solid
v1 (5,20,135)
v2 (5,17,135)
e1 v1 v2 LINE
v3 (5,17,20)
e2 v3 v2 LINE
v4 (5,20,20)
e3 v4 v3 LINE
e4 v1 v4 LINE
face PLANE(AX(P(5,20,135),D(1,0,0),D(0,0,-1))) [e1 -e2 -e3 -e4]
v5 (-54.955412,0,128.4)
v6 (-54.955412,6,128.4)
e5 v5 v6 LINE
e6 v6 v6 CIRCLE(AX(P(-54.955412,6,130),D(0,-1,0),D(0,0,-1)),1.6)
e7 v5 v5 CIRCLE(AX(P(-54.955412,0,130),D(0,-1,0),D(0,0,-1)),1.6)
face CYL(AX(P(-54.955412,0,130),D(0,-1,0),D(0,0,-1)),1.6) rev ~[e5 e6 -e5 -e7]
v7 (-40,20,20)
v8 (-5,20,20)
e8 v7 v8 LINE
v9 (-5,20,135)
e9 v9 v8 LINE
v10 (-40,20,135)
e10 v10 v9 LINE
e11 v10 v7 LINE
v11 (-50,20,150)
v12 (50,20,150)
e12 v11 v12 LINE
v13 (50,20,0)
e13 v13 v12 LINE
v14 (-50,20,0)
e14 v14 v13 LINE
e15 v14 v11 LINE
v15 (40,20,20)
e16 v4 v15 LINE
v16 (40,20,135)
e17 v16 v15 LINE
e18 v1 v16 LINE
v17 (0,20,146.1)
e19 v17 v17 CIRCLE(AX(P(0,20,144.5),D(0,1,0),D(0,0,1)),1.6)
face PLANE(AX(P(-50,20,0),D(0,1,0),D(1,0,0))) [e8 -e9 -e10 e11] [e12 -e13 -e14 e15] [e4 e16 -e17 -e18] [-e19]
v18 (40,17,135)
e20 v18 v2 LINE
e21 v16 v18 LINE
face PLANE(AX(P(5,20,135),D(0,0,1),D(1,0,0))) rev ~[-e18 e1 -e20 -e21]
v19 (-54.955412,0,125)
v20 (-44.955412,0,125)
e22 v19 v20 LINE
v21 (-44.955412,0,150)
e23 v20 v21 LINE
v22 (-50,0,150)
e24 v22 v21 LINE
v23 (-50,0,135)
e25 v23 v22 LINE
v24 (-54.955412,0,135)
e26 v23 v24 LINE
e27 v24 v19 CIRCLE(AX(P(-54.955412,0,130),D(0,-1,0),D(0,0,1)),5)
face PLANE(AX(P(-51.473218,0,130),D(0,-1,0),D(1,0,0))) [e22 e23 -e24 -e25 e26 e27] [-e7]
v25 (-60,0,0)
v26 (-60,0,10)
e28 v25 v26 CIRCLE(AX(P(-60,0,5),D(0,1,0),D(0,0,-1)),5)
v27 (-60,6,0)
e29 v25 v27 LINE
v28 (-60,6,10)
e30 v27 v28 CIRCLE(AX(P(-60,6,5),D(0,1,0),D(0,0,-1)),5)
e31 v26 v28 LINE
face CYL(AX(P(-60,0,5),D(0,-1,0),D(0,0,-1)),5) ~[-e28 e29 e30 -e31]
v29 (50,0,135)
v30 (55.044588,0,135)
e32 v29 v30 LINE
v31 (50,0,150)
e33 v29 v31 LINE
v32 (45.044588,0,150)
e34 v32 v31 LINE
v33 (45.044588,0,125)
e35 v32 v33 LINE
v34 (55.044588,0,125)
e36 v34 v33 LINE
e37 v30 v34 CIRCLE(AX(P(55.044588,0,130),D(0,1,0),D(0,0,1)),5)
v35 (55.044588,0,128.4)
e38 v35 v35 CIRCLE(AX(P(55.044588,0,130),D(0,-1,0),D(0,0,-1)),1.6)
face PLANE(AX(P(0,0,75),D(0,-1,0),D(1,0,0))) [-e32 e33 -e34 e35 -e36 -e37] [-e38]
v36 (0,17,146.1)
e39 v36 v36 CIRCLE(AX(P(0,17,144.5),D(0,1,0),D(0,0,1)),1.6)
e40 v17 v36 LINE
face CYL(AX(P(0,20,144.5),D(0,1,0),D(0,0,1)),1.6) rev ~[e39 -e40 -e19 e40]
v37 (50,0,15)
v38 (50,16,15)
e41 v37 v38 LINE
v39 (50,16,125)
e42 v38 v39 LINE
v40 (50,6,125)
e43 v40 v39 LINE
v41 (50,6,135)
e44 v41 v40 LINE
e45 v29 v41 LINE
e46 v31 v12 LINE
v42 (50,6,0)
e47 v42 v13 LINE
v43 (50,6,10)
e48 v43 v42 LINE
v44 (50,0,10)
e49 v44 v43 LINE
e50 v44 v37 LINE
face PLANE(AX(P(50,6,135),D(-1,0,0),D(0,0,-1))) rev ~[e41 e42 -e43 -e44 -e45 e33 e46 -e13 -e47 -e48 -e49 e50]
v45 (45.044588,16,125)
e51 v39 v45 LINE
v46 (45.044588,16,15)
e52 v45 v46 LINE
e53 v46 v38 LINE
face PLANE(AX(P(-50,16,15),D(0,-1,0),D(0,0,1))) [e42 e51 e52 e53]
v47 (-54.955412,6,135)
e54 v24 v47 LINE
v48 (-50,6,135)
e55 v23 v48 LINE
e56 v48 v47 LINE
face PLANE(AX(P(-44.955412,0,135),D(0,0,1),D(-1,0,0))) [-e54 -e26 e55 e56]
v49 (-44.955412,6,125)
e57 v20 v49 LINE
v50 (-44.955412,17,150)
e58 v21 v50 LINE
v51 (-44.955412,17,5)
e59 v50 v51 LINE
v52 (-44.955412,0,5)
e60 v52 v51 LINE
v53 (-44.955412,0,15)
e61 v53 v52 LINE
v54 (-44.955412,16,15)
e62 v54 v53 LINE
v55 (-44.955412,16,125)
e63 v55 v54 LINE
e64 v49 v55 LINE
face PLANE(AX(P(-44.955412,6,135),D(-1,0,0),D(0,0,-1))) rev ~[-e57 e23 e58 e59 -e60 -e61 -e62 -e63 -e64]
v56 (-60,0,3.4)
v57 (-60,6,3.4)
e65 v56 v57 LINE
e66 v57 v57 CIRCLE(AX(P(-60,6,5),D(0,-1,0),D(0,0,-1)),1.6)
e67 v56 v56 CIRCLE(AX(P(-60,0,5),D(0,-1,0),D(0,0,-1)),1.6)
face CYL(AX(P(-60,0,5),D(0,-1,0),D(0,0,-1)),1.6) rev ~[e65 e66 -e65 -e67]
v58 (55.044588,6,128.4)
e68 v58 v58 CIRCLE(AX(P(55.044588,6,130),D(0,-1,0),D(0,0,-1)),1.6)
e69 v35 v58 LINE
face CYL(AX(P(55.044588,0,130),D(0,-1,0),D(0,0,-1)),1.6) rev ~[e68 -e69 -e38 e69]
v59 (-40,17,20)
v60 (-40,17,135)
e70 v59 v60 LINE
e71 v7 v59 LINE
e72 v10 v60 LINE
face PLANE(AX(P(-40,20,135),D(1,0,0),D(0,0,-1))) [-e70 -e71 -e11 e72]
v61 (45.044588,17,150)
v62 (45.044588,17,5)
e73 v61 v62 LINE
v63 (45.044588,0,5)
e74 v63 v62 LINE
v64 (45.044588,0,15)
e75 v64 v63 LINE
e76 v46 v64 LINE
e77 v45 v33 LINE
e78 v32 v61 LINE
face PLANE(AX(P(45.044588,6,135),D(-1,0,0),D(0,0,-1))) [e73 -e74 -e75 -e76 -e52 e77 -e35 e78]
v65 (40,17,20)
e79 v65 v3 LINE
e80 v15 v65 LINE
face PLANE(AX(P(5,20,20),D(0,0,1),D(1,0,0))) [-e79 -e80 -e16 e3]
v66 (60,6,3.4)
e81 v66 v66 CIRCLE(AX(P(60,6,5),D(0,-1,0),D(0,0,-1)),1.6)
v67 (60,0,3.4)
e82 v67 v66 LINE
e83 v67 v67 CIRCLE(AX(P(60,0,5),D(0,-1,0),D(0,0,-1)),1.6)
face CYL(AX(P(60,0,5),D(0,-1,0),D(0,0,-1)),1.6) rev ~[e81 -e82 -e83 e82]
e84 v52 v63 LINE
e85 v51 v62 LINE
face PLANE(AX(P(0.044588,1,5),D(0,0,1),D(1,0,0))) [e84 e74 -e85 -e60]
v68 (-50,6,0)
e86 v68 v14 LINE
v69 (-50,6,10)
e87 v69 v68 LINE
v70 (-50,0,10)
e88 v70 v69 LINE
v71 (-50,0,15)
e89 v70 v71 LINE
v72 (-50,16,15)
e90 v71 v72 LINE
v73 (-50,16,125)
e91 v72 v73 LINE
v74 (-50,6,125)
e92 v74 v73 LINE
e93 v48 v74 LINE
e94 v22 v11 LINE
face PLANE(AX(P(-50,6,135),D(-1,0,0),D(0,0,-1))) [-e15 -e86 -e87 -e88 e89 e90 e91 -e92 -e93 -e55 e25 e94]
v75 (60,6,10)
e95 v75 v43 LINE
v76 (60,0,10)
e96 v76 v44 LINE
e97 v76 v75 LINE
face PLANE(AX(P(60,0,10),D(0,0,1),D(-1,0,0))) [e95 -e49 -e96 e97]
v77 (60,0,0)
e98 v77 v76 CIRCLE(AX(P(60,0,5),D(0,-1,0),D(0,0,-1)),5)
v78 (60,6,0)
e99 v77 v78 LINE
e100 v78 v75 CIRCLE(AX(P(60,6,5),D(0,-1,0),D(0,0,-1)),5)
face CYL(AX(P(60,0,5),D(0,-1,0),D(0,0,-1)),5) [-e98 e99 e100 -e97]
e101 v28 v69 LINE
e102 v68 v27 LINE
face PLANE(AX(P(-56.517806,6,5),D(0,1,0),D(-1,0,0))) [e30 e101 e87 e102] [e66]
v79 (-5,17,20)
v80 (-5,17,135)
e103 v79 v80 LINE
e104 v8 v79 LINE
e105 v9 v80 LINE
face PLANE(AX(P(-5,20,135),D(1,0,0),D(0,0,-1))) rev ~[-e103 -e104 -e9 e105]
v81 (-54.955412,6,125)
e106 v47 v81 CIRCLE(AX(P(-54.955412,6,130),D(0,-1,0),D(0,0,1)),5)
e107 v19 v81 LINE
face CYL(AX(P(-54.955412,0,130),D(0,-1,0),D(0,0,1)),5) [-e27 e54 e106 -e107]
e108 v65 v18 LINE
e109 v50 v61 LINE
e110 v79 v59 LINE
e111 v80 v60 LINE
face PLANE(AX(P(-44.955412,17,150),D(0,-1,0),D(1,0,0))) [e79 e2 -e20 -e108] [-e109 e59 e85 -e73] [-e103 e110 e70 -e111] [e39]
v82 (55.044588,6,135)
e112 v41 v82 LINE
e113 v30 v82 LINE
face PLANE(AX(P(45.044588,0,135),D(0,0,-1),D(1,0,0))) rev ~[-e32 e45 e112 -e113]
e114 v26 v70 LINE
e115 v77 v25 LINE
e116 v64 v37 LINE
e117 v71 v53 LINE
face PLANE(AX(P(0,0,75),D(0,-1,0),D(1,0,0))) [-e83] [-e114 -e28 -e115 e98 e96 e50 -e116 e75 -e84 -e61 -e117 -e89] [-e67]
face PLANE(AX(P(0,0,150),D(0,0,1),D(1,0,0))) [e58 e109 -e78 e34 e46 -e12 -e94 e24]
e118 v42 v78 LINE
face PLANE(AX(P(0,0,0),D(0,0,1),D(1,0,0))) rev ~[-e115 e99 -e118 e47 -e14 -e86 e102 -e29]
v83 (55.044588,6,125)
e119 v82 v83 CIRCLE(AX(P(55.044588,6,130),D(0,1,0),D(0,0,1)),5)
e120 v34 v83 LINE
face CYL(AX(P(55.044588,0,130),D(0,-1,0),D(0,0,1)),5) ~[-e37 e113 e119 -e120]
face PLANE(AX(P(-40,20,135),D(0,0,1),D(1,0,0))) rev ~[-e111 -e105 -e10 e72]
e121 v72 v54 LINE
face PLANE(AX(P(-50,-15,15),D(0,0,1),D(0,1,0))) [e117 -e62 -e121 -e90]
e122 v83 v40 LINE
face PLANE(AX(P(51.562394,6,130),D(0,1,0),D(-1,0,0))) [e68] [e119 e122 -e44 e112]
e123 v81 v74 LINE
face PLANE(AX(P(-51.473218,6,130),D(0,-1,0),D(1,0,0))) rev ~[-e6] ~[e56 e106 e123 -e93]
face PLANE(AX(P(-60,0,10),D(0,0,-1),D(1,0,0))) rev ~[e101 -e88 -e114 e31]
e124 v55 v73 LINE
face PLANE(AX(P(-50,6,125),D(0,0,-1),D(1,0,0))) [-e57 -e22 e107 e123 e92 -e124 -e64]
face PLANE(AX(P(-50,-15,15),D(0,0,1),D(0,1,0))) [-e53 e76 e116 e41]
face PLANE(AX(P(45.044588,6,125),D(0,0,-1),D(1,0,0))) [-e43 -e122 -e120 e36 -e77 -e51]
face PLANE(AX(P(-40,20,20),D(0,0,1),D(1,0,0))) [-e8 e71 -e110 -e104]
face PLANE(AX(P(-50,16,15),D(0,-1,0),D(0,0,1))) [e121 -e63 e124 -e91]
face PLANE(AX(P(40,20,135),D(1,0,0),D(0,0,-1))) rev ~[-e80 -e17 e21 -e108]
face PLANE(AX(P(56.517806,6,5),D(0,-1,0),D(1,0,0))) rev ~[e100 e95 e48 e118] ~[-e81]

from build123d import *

# Parameters (mm, degrees)
SKETCH_2_W          = 100
SKETCH_2_H          = 40
EXTRUDE_1_DEPTH     = 150
SKETCH_3_W          = 90
SKETCH_3_H          = 32
CUT_EXTRUDE_1_DEPTH = 145
SKETCH_4_W          = 30
SKETCH_4_H          = 115
CUT_EXTRUDE_2_DEPTH = 20
SKETCH_5_W          = 35
SKETCH_5_H          = 115
CUT_EXTRUDE_3_DEPTH = 20
SKETCH_6_W          = 120
SKETCH_6_H          = 31
CUT_EXTRUDE_4_DEPTH = 207
SKETCH_7_R          = 1.5
CUT_EXTRUDE_5_DEPTH = 15
SKETCH_8_R          = 2.5
CUT_EXTRUDE_6_DEPTH = 15
SKETCH_10_W         = 4
SKETCH_10_H         = 18
EXTRUDE_2_DEPTH     = 5
SKETCH_11_W         = 100
SKETCH_11_H         = 150
CUT_EXTRUDE_7_DEPTH = 20
SKETCH_12_R         = 1.6
EXTRUDE_5_DEPTH     = 6
EXTRUDE_6_REACH     = 166.076
SKETCH_13_W         = 4.955411511
SKETCH_13_H         = 10
SKETCH_13_W_2       = 5.044588489
SKETCH_14_R         = 1.6
CUT_EXTRUDE_8_DEPTH = 10


with BuildPart() as part:
    # 草图2 → 凸台-拉伸1 (new body)
    with BuildSketch(Plane.XY):
        Rectangle(SKETCH_2_W, SKETCH_2_H)
    extrude(amount=EXTRUDE_1_DEPTH)

    # 草图3 → 切除-拉伸1 (cut)
    with BuildSketch(Plane.XY.offset(150)):
        with Locations((0.044588489, 1)):
            Rectangle(SKETCH_3_W, SKETCH_3_H)
    extrude(amount=-CUT_EXTRUDE_1_DEPTH, mode=Mode.SUBTRACT)

    # 草图4 → 切除-拉伸2 (cut)
    with BuildSketch(Plane.XZ.offset(20)):
        with Locations((-25, 77.5)):
            Rectangle(SKETCH_4_W, SKETCH_4_H)
        with Locations((25, 77.5)):
            Rectangle(SKETCH_4_W, SKETCH_4_H)
    extrude(amount=-CUT_EXTRUDE_2_DEPTH, mode=Mode.SUBTRACT)

    # 草图5 → 切除-拉伸3 (cut)
    with BuildSketch(Plane(origin=(0, 20, 0), x_dir=(1, 0, 0), z_dir=(0, 1, 0))):
        with Locations((-22.5, -77.5)):
            Rectangle(SKETCH_5_W, SKETCH_5_H)
        with Locations((22.5, -77.5)):
            Rectangle(SKETCH_5_W, SKETCH_5_H)
    extrude(amount=-CUT_EXTRUDE_3_DEPTH, mode=Mode.SUBTRACT)

    # 草图6 → 切除-拉伸4 (cut)
    with BuildSketch(Plane.ZY.offset(50)):
        with Locations((75, 0.5)):
            Rectangle(SKETCH_6_W, SKETCH_6_H)
    extrude(amount=-CUT_EXTRUDE_4_DEPTH, mode=Mode.SUBTRACT)

    # 草图7 → 切除-拉伸5 (cut)
    with BuildSketch(Plane.XZ.offset(20)):
        with Locations(Location((-5, 134, 0), (0, 0, 270))):
            Circle(SKETCH_7_R)
        with Locations(Location((5, 134, 0), (0, 0, 270))):
            Circle(SKETCH_7_R)
        with Locations(Location((5, 124, 0), (0, 0, 270))):
            Circle(SKETCH_7_R)
        with Locations(Location((-5, 124, 0), (0, 0, 270))):
            Circle(SKETCH_7_R)
    extrude(amount=-CUT_EXTRUDE_5_DEPTH, mode=Mode.SUBTRACT)

    # 草图8 → 切除-拉伸6 (cut)
    with BuildSketch(Plane.XZ.offset(20)):
        with Locations(Location((0, 129, 0), (0, 0, 270))):
            Circle(SKETCH_8_R)
    extrude(amount=-CUT_EXTRUDE_6_DEPTH, mode=Mode.SUBTRACT)

    # 草图10 → 凸台-拉伸2 (add)
    with BuildSketch(Plane.XZ.offset(20)):
        with Locations((-12, 126)):
            Rectangle(SKETCH_10_W, SKETCH_10_H)
        with Locations((12, 126)):
            Rectangle(SKETCH_10_W, SKETCH_10_H)
    extrude(amount=-EXTRUDE_2_DEPTH)

    # 草图11 → 切除-拉伸7 (cut)
    with BuildSketch(Plane.XZ.offset(20)):
        with Locations((0, 75)):
            Rectangle(SKETCH_11_W, SKETCH_11_H)
    extrude(amount=-CUT_EXTRUDE_7_DEPTH, mode=Mode.SUBTRACT)

    # 草图12 → 凸台-拉伸5 (add)
    # profile 1 of 4: a face of its own
    with BuildSketch(Plane.XZ):
        with BuildLine():
            Line((-44.955411511, 135), (-54.955411511, 135))
            ThreePointArc((-54.955411511, 135), (-59.955411511, 130), (-54.955411511, 125))
            Line((-54.955411511, 125), (-44.955411511, 125))
            Line((-44.955411511, 125), (-44.955411511, 135))
        make_face()
        with Locations(Location((-54.955411511, 130, 0), (0, 0, 270))):
            Circle(SKETCH_12_R, mode=Mode.SUBTRACT)
    # profile 2 of 4: a face of its own
    with BuildSketch(Plane.XZ):
        with BuildLine():
            Line((50, 0), (60, 0))
            ThreePointArc((60, 0), (65, 5), (60, 10))
            Line((60, 10), (50, 10))
            Line((50, 10), (50, 0))
        make_face()
        with Locations(Location((60, 5, 0), (0, 0, 270))):
            Circle(SKETCH_12_R, mode=Mode.SUBTRACT)
    # profile 3 of 4: a face of its own
    with BuildSketch(Plane.XZ):
        with BuildLine():
            Line((45.044588489, 135), (55.044588489, 135))
            ThreePointArc((55.044588489, 135), (60.044588489, 130), (55.044588489, 125))
            Line((55.044588489, 125), (45.044588489, 125))
            Line((45.044588489, 125), (45.044588489, 135))
        make_face()
        with Locations(Location((55.044588489, 130, 0), (0, 0, 270))):
            Circle(SKETCH_12_R, mode=Mode.SUBTRACT)
    # profile 4 of 4: a face of its own
    with BuildSketch(Plane.XZ):
        with BuildLine():
            Line((-50, 0), (-60, 0))
            ThreePointArc((-60, 0), (-65, 5), (-60, 10))
            Line((-60, 10), (-50, 10))
            Line((-50, 10), (-50, 0))
        make_face()
        with Locations(Location((-60, 5, 0), (0, 0, 270))):
            Circle(SKETCH_12_R, mode=Mode.SUBTRACT)
    extrude(amount=-EXTRUDE_5_DEPTH)

    # 草图13 → 凸台-拉伸6 (add, up to next)
    with BuildSketch(Plane(origin=(0, 6, 0), x_dir=(1, 0, 0), z_dir=(0, 1, 0)), mode=Mode.PRIVATE) as extrude_6_sk1:
        with Locations((47.522294245, -130)):
            Rectangle(SKETCH_13_W, SKETCH_13_H)
    extrude_6_tool1 = extrude(extrude_6_sk1.sketch, amount=EXTRUDE_6_REACH, mode=Mode.PRIVATE) - part.part
    # 草图13 → 凸台-拉伸6 (add, up to next)
    with BuildSketch(Plane(origin=(0, 6, 0), x_dir=(1, 0, 0), z_dir=(0, 1, 0)), mode=Mode.PRIVATE) as extrude_6_sk2:
        with Locations((-47.477705755, -130)):
            Rectangle(SKETCH_13_W_2, SKETCH_13_H)
    extrude_6_tool2 = extrude(extrude_6_sk2.sketch, amount=EXTRUDE_6_REACH, mode=Mode.PRIVATE) - part.part
    add(extrude_6_tool1.solids().sort_by_distance((47.522294, 6, 130))[0])
    add(extrude_6_tool2.solids().sort_by_distance((-47.477706, 6, 130))[0])

    # 草图14 → 切除-拉伸8 (cut)
    with BuildSketch(Plane(origin=(0, 20, 0), x_dir=(1, 0, 0), z_dir=(0, 1, 0))):
        with Locations(Location((0, -144.5, 0), (0, 0, 270))):
            Circle(SKETCH_14_R)
    extrude(amount=-CUT_EXTRUDE_8_DEPTH, mode=Mode.SUBTRACT)


solid = part.part
